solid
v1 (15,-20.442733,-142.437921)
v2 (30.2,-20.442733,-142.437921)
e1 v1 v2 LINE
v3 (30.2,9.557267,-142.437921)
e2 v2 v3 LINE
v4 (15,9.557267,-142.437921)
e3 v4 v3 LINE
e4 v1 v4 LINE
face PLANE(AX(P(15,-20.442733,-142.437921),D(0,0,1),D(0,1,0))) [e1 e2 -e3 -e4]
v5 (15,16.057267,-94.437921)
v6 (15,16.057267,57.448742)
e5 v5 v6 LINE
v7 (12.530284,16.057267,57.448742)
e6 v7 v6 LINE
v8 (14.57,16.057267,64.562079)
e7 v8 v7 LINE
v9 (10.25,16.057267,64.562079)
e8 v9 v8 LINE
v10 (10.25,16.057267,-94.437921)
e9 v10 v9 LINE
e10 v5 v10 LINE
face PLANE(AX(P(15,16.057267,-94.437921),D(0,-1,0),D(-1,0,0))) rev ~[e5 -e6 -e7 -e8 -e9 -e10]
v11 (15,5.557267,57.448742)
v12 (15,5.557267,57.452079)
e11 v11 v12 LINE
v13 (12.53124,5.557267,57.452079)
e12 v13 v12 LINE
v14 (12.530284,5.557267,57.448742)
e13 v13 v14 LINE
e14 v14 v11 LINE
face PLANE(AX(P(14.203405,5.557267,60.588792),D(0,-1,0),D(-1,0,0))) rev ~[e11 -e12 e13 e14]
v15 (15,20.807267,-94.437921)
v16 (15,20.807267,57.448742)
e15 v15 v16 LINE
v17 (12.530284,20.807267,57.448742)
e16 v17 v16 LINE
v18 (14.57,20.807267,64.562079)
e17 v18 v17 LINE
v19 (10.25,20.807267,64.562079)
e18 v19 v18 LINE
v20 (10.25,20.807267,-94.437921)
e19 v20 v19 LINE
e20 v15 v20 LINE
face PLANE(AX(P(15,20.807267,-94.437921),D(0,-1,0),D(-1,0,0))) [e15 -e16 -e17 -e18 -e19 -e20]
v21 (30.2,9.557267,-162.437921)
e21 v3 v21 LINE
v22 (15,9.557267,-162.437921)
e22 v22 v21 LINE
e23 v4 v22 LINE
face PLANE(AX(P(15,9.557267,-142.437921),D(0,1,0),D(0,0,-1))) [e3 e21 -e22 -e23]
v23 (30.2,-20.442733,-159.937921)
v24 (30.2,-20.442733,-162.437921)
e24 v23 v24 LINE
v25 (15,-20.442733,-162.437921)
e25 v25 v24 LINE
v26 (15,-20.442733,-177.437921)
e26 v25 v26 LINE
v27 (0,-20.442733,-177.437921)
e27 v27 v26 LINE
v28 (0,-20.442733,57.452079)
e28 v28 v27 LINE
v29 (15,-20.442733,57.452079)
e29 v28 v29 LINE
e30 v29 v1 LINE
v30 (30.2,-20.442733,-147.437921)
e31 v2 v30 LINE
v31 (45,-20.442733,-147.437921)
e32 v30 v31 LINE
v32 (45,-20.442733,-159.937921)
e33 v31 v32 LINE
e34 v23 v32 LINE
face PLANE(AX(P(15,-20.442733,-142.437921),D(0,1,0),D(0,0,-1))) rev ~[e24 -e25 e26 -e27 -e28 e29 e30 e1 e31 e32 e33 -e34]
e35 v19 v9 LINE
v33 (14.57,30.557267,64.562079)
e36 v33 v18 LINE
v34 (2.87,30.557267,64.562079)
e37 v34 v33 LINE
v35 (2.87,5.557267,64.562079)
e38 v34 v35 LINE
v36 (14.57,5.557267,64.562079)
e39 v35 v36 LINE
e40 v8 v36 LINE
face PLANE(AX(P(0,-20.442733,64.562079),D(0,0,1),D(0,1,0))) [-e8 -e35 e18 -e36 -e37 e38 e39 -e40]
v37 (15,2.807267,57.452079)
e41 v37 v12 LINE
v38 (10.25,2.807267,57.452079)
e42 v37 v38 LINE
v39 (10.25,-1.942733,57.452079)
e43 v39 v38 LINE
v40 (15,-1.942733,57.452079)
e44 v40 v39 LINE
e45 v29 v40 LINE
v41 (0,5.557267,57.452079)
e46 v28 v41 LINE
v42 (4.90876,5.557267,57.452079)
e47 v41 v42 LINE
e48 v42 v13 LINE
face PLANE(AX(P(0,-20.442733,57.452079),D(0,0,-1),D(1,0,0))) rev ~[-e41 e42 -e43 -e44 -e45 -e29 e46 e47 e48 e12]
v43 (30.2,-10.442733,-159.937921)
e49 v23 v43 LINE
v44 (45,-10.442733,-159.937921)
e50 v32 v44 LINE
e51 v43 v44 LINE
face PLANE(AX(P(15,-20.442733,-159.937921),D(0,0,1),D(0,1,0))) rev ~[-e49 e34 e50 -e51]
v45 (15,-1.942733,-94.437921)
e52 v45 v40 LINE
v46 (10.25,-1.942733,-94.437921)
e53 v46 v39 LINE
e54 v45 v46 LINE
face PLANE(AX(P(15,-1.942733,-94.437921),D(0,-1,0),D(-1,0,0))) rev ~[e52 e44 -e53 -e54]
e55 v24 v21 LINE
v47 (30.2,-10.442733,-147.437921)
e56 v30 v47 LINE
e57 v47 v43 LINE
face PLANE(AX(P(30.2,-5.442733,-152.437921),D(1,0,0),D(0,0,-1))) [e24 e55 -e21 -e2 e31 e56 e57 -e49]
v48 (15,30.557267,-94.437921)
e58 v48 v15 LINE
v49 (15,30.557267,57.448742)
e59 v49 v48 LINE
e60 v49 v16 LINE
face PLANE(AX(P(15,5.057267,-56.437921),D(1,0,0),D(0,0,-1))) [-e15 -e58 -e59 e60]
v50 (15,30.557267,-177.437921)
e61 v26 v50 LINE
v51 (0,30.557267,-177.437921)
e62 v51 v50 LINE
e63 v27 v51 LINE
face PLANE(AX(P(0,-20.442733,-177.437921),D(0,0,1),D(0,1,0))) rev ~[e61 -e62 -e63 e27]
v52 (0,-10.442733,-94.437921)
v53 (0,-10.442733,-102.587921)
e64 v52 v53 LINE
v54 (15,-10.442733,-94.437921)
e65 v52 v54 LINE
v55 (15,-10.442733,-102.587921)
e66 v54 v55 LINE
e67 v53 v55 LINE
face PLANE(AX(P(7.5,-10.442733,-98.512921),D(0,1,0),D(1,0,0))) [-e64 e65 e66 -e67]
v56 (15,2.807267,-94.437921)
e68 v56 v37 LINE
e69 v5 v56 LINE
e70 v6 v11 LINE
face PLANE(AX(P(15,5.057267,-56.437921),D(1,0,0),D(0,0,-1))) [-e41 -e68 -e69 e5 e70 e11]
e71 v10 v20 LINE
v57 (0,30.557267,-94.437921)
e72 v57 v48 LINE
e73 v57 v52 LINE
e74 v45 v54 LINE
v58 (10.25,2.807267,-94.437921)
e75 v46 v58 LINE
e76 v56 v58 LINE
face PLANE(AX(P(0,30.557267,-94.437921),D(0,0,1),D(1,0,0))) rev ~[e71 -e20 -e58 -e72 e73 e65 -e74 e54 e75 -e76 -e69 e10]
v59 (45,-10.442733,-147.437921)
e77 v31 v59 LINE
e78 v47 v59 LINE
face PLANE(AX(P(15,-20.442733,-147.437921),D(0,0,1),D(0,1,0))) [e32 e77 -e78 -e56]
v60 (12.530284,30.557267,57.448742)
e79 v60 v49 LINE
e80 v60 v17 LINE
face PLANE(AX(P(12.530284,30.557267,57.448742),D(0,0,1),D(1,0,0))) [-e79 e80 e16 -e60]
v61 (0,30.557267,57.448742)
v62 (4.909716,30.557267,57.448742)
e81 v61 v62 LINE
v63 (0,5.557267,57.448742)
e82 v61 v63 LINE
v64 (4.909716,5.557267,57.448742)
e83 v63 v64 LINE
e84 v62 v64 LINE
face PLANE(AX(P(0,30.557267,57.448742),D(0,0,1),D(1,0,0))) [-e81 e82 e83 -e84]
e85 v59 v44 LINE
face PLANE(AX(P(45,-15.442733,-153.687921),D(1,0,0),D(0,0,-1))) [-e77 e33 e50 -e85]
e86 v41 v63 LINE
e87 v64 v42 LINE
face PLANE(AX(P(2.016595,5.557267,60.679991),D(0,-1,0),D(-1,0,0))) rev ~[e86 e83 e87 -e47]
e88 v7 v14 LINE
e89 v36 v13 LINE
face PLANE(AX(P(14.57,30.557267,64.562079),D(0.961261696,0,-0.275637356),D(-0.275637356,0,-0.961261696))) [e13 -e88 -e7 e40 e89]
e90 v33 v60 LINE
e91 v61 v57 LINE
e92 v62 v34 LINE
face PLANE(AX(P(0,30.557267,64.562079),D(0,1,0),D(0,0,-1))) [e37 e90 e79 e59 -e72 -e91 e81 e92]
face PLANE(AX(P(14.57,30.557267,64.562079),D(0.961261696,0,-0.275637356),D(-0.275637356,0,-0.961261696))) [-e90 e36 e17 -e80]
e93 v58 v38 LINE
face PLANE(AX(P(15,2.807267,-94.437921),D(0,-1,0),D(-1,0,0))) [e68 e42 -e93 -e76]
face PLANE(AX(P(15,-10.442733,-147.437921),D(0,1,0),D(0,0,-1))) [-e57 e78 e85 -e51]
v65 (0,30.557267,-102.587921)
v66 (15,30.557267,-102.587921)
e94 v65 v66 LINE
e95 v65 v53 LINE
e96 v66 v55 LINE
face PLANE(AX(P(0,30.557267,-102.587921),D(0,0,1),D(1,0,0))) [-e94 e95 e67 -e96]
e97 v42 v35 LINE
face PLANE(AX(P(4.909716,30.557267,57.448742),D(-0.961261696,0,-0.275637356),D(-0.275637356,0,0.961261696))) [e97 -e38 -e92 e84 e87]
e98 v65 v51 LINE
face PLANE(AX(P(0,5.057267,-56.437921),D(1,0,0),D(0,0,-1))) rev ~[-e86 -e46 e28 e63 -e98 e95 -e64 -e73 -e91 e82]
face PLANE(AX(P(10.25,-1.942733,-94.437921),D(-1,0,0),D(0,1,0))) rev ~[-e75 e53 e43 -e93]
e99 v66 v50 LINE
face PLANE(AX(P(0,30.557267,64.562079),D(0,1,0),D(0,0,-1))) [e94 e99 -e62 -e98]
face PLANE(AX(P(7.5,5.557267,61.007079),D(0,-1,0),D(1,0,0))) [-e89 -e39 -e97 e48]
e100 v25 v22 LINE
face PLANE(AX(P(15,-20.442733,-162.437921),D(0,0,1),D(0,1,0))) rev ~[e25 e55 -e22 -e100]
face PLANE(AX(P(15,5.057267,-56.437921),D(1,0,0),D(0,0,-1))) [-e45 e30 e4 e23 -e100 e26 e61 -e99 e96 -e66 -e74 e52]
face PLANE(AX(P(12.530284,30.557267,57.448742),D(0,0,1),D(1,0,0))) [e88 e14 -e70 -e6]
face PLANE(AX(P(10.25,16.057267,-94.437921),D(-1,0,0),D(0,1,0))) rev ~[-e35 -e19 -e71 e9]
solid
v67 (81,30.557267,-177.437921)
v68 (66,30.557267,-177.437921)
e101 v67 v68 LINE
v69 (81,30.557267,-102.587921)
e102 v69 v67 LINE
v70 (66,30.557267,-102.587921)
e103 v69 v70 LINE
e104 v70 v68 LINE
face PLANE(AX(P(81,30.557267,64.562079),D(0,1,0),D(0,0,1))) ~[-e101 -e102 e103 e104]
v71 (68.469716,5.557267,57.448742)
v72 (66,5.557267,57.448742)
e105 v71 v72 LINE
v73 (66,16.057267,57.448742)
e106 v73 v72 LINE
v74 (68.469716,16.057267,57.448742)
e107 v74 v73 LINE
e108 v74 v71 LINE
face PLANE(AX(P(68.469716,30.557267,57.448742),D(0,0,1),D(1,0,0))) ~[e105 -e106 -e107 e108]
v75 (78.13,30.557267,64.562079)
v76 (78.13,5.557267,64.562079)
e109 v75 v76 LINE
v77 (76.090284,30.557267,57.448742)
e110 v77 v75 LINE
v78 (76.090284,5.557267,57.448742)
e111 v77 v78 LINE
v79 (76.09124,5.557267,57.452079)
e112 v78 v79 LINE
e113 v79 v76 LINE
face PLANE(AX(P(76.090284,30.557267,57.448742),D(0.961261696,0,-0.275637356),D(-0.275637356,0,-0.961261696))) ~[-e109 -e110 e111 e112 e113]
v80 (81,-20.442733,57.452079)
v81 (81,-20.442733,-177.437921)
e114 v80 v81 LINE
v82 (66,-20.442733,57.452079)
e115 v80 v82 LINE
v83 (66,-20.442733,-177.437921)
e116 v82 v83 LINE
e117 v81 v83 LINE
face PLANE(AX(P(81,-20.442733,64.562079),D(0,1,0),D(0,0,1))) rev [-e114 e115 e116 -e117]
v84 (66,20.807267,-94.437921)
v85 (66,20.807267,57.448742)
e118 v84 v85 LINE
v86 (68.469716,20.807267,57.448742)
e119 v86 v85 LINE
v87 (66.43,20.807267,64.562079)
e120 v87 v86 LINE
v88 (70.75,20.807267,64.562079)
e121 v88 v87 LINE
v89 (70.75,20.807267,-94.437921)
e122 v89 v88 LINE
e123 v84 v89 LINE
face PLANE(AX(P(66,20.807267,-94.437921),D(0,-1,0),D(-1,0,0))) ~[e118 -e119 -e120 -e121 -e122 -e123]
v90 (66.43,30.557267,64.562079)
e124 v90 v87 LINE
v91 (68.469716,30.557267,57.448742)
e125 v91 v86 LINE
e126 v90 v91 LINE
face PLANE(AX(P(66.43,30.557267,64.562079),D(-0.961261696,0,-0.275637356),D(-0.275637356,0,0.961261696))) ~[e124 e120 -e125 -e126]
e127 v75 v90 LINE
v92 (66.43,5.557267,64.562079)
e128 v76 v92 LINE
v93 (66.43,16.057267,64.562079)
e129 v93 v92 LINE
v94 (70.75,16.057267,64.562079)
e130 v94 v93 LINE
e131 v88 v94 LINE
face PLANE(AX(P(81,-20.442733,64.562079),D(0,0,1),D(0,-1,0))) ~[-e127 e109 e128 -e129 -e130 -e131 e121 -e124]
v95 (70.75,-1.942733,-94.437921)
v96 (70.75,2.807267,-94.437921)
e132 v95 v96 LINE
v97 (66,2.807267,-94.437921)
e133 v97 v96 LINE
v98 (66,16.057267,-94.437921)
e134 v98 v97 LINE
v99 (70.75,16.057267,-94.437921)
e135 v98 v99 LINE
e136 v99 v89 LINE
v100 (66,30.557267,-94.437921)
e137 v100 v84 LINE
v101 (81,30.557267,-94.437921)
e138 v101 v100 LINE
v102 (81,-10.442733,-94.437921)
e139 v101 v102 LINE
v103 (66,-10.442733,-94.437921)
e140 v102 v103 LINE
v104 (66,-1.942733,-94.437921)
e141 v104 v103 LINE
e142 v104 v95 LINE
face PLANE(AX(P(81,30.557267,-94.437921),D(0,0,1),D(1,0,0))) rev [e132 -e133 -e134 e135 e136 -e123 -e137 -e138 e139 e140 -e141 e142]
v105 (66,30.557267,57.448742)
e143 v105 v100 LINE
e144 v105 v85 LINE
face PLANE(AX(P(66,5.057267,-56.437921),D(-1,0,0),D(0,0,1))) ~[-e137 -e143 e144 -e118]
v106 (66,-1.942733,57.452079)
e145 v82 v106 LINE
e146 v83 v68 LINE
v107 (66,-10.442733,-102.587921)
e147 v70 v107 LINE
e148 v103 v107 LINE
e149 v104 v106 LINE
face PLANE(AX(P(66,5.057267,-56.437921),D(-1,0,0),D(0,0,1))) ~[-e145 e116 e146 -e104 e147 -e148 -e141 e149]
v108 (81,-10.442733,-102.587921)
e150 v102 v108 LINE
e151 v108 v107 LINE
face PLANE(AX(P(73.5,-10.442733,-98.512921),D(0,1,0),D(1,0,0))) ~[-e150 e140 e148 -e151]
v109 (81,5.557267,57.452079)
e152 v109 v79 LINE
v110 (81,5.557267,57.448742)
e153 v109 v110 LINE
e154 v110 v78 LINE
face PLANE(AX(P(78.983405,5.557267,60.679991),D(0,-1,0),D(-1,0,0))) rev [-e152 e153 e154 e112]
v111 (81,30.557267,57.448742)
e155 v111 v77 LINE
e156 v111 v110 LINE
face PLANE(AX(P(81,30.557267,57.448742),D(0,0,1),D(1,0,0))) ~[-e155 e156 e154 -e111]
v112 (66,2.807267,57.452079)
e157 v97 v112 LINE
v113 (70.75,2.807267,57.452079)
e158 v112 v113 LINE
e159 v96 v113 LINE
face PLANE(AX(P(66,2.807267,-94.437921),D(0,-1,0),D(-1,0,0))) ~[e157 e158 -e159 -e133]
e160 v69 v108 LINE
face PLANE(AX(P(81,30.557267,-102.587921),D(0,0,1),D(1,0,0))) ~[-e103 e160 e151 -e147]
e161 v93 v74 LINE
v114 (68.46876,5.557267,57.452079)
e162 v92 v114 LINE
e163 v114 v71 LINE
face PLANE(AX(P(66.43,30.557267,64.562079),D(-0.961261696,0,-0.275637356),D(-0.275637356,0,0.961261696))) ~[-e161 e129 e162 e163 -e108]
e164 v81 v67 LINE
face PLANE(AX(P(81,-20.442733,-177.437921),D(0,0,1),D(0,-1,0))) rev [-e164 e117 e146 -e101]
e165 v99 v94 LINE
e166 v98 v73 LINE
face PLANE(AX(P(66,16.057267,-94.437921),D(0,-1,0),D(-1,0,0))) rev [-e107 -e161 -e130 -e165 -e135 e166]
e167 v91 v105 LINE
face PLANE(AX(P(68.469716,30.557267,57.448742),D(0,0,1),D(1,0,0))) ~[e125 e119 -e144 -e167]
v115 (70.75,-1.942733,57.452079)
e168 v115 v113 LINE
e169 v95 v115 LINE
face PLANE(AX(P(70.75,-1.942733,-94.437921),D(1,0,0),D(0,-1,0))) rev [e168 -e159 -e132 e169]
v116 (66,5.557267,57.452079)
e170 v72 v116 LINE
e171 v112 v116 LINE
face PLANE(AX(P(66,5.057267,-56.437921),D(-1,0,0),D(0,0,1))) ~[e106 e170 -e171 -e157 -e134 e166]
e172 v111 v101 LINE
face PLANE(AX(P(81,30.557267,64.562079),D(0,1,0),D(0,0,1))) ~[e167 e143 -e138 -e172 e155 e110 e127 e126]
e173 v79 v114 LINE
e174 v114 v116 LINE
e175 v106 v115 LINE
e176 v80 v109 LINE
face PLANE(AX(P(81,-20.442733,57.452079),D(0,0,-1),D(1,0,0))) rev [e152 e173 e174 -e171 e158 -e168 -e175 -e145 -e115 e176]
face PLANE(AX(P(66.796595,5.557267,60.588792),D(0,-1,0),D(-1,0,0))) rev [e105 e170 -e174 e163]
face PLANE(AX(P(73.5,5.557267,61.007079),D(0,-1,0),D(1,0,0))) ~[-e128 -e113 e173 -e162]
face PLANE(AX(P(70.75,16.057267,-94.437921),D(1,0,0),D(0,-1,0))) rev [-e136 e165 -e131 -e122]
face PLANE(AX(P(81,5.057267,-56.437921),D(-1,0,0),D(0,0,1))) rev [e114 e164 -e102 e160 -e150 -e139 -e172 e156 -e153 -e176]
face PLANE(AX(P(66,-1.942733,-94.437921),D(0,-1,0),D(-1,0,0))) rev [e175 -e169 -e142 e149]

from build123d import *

# Parameters (mm, degrees)
SKETCH1_W           = 242
SKETCH1_H           = 51
BOSS_EXTRUDE1_DEPTH = 15
CUT_EXTRUDE8_DEPTH  = 25
SKETCH13_W          = 15
SKETCH13_H          = 7.11
CUT_EXTRUDE9_DEPTH  = 26
SKETCH17_W          = 15
SKETCH17_H          = 8.15
CUT_EXTRUDE10_DEPTH = 41
SKETCH7_W           = 4.75
SKETCH7_H           = 4.75
CUT_EXTRUDE5_DEPTH  = 165
SKETCH25_W          = 12.5
SKETCH25_H          = 10
BOSS_EXTRUDE3_DEPTH = 30
SKETCH26_W          = 20
SKETCH26_H          = 30
BOSS_EXTRUDE4_DEPTH = 15.2


with BuildPart() as part:
    # Sketch1 → Boss-Extrude1 (new body)
    with BuildSketch(Plane(origin=(0, 0, 0), x_dir=(0, 0, -1), z_dir=(1, 0, 0))):
        with Locations((56.437921078, 5.057266603)):
            Rectangle(SKETCH1_W, SKETCH1_H)
    extrude(amount=BOSS_EXTRUDE1_DEPTH)

    # Sketch12 → Cut-Extrude8 (cut)
    with BuildSketch(Plane(origin=(0, 30.557266603, 0), x_dir=(1, 0, 0), z_dir=(0, 1, 0))):
        Polygon((0, -57.448742372), (4.909716433, -57.448742372), (2.87, -64.562078922), (0, -64.562078922), align=None)
        Polygon((15, -57.448742372), (15, -64.562078922), (14.57, -64.562078922), (12.530283567, -57.448742372), align=None)
    extrude(amount=-CUT_EXTRUDE8_DEPTH, mode=Mode.SUBTRACT)

    # Sketch13 → Cut-Extrude9 (cut)
    with BuildSketch(Plane.XZ.offset(20.442733397)):
        with Locations((7.5, 61.007078922)):
            Rectangle(SKETCH13_W, SKETCH13_H)
    extrude(amount=-CUT_EXTRUDE9_DEPTH, mode=Mode.SUBTRACT)

    # Sketch17 → Cut-Extrude10 (cut)
    with BuildSketch(Plane(origin=(0, 30.557266603, 0), x_dir=(1, 0, 0), z_dir=(0, 1, 0))):
        with Locations((7.5, 98.512921078)):
            Rectangle(SKETCH17_W, SKETCH17_H)
    extrude(amount=-CUT_EXTRUDE10_DEPTH, mode=Mode.SUBTRACT)

    # Sketch7 → Cut-Extrude5 (cut)
    with BuildSketch(Plane(origin=(0, 0, -94.437921078), x_dir=(-1, 0, 0), z_dir=(0, 0, -1))):
        with Locations((-12.625, 0.432266603)):
            Rectangle(SKETCH7_W, SKETCH7_H)
        with Locations((-12.625, 18.432266603)):
            Rectangle(SKETCH7_W, SKETCH7_H)
    extrude(amount=-CUT_EXTRUDE5_DEPTH, mode=Mode.SUBTRACT)


with BuildPart() as body_2:
    # Mirror4: mirrored copy
    add(part.part.mirror(Plane(origin=(40.5, 0, 0), x_dir=(0, 0, 1), z_dir=(1, 0, 0))))


with BuildPart() as part_1:
    add(part.part)

    # Sketch25 → Boss-Extrude3 (add)
    with BuildSketch(Plane(origin=(15, 0, 0), x_dir=(0, 0, -1), z_dir=(1, 0, 0))):
        with Locations((153.687921078, -15.442733397)):
            Rectangle(SKETCH25_W, SKETCH25_H)
    extrude(amount=BOSS_EXTRUDE3_DEPTH)

    # Sketch26 → Boss-Extrude4 (add)
    with BuildSketch(Plane(origin=(15, 0, 0), x_dir=(0, 0, -1), z_dir=(1, 0, 0))):
        with Locations((152.437921078, -5.442733397)):
            Rectangle(SKETCH26_W, SKETCH26_H)
    extrude(amount=BOSS_EXTRUDE4_DEPTH)


solid = Compound([body_2.part, part_1.part])
